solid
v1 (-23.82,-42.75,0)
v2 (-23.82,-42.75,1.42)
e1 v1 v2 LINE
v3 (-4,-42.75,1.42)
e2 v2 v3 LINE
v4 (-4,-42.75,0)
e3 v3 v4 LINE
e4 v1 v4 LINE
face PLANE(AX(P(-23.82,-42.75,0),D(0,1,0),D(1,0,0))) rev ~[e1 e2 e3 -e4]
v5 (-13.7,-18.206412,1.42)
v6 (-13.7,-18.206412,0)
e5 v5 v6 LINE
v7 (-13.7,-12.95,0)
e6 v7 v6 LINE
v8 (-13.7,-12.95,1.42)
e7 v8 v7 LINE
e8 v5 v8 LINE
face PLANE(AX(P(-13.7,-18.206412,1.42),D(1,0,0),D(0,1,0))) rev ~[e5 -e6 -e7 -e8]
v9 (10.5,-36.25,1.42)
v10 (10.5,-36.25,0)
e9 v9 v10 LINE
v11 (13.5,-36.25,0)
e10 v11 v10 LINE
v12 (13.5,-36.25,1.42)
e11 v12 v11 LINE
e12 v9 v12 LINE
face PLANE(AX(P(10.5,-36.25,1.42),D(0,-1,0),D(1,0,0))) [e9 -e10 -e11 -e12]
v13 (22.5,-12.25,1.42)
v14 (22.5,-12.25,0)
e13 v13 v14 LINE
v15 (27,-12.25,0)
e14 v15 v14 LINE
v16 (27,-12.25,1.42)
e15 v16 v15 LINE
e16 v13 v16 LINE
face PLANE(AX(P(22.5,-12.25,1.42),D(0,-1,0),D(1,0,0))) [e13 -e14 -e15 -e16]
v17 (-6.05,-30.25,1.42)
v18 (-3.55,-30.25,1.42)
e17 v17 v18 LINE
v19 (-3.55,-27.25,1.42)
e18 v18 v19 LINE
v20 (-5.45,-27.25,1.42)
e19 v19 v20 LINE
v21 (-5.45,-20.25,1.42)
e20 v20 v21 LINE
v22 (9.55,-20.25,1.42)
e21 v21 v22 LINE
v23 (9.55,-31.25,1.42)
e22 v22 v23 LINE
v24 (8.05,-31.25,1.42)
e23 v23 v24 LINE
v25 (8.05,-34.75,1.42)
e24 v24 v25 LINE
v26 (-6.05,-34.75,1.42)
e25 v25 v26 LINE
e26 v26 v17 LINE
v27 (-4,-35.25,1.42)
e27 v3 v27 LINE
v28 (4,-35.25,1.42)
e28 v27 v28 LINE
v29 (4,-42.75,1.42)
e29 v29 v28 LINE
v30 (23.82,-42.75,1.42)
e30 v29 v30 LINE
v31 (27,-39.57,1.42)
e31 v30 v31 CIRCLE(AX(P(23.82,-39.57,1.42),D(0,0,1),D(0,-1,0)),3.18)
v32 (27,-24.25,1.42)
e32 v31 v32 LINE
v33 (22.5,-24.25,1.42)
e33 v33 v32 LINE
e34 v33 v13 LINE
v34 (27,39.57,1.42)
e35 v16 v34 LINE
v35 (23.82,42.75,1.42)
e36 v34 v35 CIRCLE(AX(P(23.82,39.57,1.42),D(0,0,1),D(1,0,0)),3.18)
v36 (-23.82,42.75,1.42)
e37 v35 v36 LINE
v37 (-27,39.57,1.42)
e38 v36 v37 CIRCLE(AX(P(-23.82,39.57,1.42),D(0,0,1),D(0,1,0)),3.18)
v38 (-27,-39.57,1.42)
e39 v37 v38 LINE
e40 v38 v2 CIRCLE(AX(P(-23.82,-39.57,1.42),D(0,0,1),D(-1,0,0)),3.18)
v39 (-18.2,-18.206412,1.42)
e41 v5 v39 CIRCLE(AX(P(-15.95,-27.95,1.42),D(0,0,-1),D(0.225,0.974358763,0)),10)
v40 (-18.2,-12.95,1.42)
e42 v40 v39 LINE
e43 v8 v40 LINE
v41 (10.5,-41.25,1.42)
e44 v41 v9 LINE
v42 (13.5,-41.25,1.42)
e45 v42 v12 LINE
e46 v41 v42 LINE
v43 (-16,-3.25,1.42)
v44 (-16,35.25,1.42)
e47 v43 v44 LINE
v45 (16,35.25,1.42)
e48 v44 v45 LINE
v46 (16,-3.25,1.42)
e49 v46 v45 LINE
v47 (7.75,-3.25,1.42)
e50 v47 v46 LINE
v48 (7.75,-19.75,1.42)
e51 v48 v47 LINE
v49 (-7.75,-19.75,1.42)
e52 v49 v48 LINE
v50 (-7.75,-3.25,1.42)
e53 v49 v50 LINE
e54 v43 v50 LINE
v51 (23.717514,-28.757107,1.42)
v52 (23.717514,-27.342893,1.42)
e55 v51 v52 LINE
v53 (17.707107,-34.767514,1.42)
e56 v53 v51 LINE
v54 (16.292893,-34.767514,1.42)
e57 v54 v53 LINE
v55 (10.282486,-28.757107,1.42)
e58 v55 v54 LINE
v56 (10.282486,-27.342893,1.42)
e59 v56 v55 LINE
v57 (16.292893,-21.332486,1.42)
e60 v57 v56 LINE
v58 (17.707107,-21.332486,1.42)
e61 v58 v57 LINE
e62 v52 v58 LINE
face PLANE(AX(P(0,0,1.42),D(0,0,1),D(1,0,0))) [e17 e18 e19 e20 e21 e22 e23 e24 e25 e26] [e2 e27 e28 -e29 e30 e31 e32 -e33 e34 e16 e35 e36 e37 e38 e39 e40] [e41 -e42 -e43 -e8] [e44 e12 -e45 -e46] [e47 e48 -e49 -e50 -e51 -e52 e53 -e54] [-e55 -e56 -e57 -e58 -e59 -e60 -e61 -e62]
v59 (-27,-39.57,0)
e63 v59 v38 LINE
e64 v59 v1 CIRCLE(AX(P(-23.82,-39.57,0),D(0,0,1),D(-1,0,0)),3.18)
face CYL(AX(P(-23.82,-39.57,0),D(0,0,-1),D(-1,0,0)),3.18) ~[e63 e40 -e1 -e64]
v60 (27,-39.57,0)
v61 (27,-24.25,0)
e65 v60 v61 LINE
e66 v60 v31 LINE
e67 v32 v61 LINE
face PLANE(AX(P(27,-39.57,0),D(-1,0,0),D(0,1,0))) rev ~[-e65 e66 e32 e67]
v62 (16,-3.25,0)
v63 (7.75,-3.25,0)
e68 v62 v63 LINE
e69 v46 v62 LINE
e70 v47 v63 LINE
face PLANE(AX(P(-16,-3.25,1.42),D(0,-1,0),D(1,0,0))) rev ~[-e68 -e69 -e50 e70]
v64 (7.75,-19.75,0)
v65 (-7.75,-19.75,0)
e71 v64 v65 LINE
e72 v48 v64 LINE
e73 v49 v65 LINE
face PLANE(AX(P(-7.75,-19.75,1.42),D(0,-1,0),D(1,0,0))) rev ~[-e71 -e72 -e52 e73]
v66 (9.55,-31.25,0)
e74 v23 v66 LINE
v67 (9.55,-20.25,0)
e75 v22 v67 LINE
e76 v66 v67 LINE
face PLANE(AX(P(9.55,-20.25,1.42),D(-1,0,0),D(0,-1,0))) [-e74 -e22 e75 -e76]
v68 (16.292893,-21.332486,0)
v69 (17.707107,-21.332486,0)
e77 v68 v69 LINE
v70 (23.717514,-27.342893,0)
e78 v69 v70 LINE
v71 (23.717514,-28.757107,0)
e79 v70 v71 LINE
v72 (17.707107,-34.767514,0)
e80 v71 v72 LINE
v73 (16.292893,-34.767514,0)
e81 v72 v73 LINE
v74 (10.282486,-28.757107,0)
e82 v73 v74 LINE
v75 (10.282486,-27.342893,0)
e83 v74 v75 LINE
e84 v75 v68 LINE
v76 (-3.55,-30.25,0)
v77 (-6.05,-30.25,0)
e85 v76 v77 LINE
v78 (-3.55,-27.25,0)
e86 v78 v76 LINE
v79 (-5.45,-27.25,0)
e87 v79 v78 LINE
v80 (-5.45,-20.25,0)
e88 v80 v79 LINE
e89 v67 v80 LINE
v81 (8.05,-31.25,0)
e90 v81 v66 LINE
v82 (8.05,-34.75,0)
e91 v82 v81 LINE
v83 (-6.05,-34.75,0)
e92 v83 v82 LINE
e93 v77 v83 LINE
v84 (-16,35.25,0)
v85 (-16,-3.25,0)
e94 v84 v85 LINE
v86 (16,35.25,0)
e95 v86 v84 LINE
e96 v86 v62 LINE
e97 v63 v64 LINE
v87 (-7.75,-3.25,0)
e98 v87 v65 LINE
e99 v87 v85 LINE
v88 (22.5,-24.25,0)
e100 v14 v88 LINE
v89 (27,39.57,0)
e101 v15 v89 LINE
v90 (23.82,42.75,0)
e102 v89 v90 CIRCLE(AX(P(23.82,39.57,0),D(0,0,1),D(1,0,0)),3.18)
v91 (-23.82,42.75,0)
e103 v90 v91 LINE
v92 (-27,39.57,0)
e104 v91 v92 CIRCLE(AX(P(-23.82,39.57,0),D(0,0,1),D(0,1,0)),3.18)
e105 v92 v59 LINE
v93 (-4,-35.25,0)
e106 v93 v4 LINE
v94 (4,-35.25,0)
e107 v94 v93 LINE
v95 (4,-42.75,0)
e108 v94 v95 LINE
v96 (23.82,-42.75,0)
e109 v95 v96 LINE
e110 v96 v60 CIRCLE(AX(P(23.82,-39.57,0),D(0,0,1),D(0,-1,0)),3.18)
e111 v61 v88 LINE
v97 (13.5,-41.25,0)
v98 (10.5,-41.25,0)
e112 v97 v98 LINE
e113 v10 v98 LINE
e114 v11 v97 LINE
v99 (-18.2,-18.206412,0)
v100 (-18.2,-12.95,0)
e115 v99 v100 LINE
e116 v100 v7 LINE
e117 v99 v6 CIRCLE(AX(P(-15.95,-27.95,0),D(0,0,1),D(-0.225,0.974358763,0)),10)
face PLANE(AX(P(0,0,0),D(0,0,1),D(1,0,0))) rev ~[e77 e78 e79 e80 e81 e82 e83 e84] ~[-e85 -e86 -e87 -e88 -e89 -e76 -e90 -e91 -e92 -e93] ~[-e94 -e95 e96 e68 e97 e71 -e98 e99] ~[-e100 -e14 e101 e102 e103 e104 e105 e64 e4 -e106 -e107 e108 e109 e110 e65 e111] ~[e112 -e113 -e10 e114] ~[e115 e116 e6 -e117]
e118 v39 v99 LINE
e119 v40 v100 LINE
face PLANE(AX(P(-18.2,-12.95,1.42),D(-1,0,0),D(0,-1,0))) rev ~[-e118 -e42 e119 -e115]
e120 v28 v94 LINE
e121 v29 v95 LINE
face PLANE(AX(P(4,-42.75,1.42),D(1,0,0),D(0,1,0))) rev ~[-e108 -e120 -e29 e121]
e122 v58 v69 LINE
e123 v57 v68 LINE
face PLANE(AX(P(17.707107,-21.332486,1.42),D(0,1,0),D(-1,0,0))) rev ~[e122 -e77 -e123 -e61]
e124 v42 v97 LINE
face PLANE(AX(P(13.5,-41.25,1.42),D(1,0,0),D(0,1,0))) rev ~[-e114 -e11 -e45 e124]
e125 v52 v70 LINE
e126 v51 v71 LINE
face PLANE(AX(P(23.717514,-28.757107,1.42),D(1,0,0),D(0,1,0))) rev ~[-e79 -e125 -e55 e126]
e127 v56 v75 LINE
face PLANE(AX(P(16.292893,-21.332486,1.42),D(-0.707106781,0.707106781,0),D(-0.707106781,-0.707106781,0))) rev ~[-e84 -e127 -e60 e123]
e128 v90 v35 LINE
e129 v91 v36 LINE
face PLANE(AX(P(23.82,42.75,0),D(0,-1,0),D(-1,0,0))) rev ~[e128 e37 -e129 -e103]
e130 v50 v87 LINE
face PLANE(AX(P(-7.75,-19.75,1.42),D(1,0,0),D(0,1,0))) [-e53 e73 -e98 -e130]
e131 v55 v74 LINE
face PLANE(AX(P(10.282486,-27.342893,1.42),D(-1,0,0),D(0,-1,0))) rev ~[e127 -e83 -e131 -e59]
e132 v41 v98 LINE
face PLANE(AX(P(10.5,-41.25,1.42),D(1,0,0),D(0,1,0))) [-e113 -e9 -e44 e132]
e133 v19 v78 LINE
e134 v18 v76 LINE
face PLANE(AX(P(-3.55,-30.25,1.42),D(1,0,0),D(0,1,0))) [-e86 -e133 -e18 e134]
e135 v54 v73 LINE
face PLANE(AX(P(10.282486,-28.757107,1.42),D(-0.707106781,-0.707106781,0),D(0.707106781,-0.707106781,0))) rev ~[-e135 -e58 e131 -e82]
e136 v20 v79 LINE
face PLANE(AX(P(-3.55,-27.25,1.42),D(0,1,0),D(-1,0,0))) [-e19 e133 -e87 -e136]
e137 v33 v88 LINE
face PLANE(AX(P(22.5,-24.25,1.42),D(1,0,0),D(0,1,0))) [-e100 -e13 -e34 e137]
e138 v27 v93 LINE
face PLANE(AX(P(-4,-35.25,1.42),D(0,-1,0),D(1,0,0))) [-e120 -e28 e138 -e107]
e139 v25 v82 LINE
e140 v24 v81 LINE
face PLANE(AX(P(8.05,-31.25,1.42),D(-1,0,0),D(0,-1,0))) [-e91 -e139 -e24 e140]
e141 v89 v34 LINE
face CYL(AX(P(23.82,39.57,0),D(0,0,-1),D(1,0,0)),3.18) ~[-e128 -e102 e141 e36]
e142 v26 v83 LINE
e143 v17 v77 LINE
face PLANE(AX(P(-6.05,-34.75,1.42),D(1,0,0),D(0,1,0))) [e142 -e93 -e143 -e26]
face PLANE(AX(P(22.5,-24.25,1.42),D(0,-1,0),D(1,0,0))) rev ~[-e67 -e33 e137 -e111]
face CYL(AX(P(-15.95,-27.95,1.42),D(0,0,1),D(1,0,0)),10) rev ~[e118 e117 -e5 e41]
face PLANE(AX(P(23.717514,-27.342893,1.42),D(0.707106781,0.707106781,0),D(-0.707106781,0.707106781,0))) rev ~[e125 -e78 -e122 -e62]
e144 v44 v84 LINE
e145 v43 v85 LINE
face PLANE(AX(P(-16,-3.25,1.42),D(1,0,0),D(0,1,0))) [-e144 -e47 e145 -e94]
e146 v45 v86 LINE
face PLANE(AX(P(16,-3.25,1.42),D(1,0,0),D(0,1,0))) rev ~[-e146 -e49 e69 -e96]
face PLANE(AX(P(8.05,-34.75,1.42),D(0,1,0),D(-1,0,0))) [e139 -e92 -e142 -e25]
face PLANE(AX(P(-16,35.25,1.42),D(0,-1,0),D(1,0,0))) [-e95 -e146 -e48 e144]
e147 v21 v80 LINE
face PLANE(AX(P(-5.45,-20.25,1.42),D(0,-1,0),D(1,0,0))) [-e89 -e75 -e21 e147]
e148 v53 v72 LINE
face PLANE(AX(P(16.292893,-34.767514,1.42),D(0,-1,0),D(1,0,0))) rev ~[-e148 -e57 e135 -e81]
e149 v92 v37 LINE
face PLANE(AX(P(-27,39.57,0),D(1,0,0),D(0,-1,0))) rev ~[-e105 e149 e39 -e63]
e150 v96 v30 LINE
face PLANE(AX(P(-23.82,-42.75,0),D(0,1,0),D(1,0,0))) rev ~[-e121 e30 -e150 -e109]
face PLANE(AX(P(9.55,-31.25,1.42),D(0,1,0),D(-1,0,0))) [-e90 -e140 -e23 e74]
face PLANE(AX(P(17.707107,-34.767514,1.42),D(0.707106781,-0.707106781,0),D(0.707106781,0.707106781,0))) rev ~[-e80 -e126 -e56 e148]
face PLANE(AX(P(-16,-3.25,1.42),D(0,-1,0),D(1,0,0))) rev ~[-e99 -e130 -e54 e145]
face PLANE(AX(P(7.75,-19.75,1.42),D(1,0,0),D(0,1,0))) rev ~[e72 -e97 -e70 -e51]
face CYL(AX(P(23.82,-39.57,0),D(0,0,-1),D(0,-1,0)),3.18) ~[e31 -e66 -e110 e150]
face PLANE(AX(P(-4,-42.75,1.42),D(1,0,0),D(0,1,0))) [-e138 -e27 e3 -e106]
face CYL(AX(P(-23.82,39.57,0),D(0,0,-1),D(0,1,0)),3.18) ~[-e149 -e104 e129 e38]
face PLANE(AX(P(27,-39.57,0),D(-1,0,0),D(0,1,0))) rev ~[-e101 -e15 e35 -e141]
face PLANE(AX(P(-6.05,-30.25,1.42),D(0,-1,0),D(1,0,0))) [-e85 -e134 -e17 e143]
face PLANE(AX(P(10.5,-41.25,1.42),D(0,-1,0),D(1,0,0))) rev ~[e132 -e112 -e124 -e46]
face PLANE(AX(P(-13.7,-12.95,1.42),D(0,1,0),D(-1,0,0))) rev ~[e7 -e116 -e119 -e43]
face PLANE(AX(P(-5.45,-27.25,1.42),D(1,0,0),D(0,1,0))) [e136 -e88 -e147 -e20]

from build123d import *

# Parameters (mm, degrees)
EXTRUDE_1_DEPTH     = 1.42
CUT_EXTRUDE_1_REACH = 52.582
SKETCH_2_W          = 32
SKETCH_2_H          = 38.5
SKETCH_2_W_2        = 15.5
SKETCH_2_H_2        = 16.5
CUT_EXTRUDE_2_REACH = 52.582
SKETCH_3_R          = 10
CUT_EXTRUDE_3_REACH = 52.582
CUT_EXTRUDE_4_REACH = 52.582
SKETCH_5_W          = 8
SKETCH_5_H          = 7.5
CUT_EXTRUDE_5_REACH = 52.582
SKETCH_6_W          = 3
SKETCH_6_H          = 5
CUT_EXTRUDE_6_REACH = 52.582
SKETCH_7_W          = 4.5
SKETCH_7_H          = 12


with BuildPart() as part:
    # 草图1 → 凸台-拉伸1 (new body)
    with BuildSketch(Plane.XY):
        with BuildLine():
            Line((-23.82, -42.75), (23.82, -42.75))
            ThreePointArc((23.82, -42.75), (26.068599564, -41.818599564), (27, -39.57))
            Line((27, -39.57), (27, 39.57))
            ThreePointArc((27, 39.57), (26.068599564, 41.818599564), (23.82, 42.75))
            Line((23.82, 42.75), (-23.82, 42.75))
            ThreePointArc((-23.82, 42.75), (-26.068599564, 41.818599564), (-27, 39.57))
            Line((-27, 39.57), (-27, -39.57))
            ThreePointArc((-27, -39.57), (-26.068599564, -41.818599564), (-23.82, -42.75))
        make_face()
    extrude(amount=EXTRUDE_1_DEPTH)

    # 草图2 → 切除-拉伸1 (cut, up to next)
    with BuildSketch(Plane.XY.offset(1.42), mode=Mode.PRIVATE) as cut_extrude_1_sk1:
        with Locations((0, 16)):
            Rectangle(SKETCH_2_W, SKETCH_2_H)
    cut_extrude_1_tool1 = extrude(cut_extrude_1_sk1.sketch, amount=-CUT_EXTRUDE_1_REACH, mode=Mode.PRIVATE) & part.part
    # 草图2 → 切除-拉伸1 (cut, up to next)
    with BuildSketch(Plane.XY.offset(1.42), mode=Mode.PRIVATE) as cut_extrude_1_sk2:
        with Locations((0, -11.5)):
            Rectangle(SKETCH_2_W_2, SKETCH_2_H_2)
    cut_extrude_1_tool2 = extrude(cut_extrude_1_sk2.sketch, amount=-CUT_EXTRUDE_1_REACH, mode=Mode.PRIVATE) & part.part
    add(cut_extrude_1_tool1.solids().sort_by_distance((0, 16, 1.42))[0], mode=Mode.SUBTRACT)
    add(cut_extrude_1_tool2.solids().sort_by_distance((0, -11.5, 1.42))[0], mode=Mode.SUBTRACT)

    # 草图3 → 切除-拉伸2 (cut, up to next)
    with BuildSketch(Plane.XY.offset(1.42), mode=Mode.PRIVATE) as cut_extrude_2_sk1:
        with Locations((-15.95, -27.95)):
            Circle(SKETCH_3_R)
    cut_extrude_2_tool1 = extrude(cut_extrude_2_sk1.sketch, amount=-CUT_EXTRUDE_2_REACH, mode=Mode.PRIVATE) & part.part
    # 草图3 → 切除-拉伸2 (cut, up to next)
    with BuildSketch(Plane.XY.offset(1.42), mode=Mode.PRIVATE) as cut_extrude_2_sk2:
        with BuildLine():
            Line((-18.2, -12.95), (-18.2, -18.206412365))
            ThreePointArc((-18.2, -18.206412365), (-15.95, -17.95), (-13.7, -18.206412365))
            Line((-13.7, -18.206412365), (-13.7, -12.95))
            Line((-13.7, -12.95), (-18.2, -12.95))
        make_face()
    cut_extrude_2_tool2 = extrude(cut_extrude_2_sk2.sketch, amount=-CUT_EXTRUDE_2_REACH, mode=Mode.PRIVATE) & part.part
    add(cut_extrude_2_tool1.solids().sort_by_distance((-15.95, -27.95, 1.42))[0], mode=Mode.SUBTRACT)
    add(cut_extrude_2_tool2.solids().sort_by_distance((-15.95, -15.493086, 1.42))[0], mode=Mode.SUBTRACT)

    # 草图4 → 切除-拉伸3 (cut, up to next)
    with BuildSketch(Plane.XY.offset(1.42), mode=Mode.PRIVATE) as cut_extrude_3_sk1:
        Polygon((-5.45, -20.25), (9.55, -20.25), (9.55, -31.25), (8.05, -31.25), (8.05, -34.75), (-6.05, -34.75), (-6.05, -30.25), (-3.55, -30.25), (-3.55, -27.25), (-5.45, -27.25), align=None)
    cut_extrude_3_tool1 = extrude(cut_extrude_3_sk1.sketch, amount=-CUT_EXTRUDE_3_REACH, mode=Mode.PRIVATE) & part.part
    add(cut_extrude_3_tool1.solids().sort_by_distance((1.958423, -27.392473, 1.42))[0], mode=Mode.SUBTRACT)

    # 草图5 → 切除-拉伸4 (cut, up to next)
    with BuildSketch(Plane.XY.offset(1.42), mode=Mode.PRIVATE) as cut_extrude_4_sk1:
        with Locations((0, -39)):
            Rectangle(SKETCH_5_W, SKETCH_5_H)
    cut_extrude_4_tool1 = extrude(cut_extrude_4_sk1.sketch, amount=-CUT_EXTRUDE_4_REACH, mode=Mode.PRIVATE) & part.part
    add(cut_extrude_4_tool1.solids().sort_by_distance((0, -39, 1.42))[0], mode=Mode.SUBTRACT)

    # 草图6 → 切除-拉伸5 (cut, up to next)
    with BuildSketch(Plane.XY.offset(1.42), mode=Mode.PRIVATE) as cut_extrude_5_sk1:
        with Locations((12, -38.75)):
            Rectangle(SKETCH_6_W, SKETCH_6_H)
    cut_extrude_5_tool1 = extrude(cut_extrude_5_sk1.sketch, amount=-CUT_EXTRUDE_5_REACH, mode=Mode.PRIVATE) & part.part
    # 草图6 → 切除-拉伸5 (cut, up to next)
    with BuildSketch(Plane.XY.offset(1.42), mode=Mode.PRIVATE) as cut_extrude_5_sk2:
        Polygon((17.707106781, -34.767514421), (23.717514421, -28.757106781), (23.717514421, -27.342893219), (17.707106781, -21.332485579), (16.292893219, -21.332485579), (10.282485579, -27.342893219), (10.282485579, -28.757106781), (16.292893219, -34.767514421), align=None)
    cut_extrude_5_tool2 = extrude(cut_extrude_5_sk2.sketch, amount=-CUT_EXTRUDE_5_REACH, mode=Mode.PRIVATE) & part.part
    add(cut_extrude_5_tool1.solids().sort_by_distance((12, -38.75, 1.42))[0], mode=Mode.SUBTRACT)
    add(cut_extrude_5_tool2.solids().sort_by_distance((17, -28.05, 1.42))[0], mode=Mode.SUBTRACT)

    # 草图7 → 切除-拉伸6 (cut, up to next)
    with BuildSketch(Plane.XY.offset(1.42), mode=Mode.PRIVATE) as cut_extrude_6_sk1:
        with Locations((24.75, -18.25)):
            Rectangle(SKETCH_7_W, SKETCH_7_H)
    cut_extrude_6_tool1 = extrude(cut_extrude_6_sk1.sketch, amount=-CUT_EXTRUDE_6_REACH, mode=Mode.PRIVATE) & part.part
    add(cut_extrude_6_tool1.solids().sort_by_distance((24.75, -18.25, 1.42))[0], mode=Mode.SUBTRACT)


solid = part.part
